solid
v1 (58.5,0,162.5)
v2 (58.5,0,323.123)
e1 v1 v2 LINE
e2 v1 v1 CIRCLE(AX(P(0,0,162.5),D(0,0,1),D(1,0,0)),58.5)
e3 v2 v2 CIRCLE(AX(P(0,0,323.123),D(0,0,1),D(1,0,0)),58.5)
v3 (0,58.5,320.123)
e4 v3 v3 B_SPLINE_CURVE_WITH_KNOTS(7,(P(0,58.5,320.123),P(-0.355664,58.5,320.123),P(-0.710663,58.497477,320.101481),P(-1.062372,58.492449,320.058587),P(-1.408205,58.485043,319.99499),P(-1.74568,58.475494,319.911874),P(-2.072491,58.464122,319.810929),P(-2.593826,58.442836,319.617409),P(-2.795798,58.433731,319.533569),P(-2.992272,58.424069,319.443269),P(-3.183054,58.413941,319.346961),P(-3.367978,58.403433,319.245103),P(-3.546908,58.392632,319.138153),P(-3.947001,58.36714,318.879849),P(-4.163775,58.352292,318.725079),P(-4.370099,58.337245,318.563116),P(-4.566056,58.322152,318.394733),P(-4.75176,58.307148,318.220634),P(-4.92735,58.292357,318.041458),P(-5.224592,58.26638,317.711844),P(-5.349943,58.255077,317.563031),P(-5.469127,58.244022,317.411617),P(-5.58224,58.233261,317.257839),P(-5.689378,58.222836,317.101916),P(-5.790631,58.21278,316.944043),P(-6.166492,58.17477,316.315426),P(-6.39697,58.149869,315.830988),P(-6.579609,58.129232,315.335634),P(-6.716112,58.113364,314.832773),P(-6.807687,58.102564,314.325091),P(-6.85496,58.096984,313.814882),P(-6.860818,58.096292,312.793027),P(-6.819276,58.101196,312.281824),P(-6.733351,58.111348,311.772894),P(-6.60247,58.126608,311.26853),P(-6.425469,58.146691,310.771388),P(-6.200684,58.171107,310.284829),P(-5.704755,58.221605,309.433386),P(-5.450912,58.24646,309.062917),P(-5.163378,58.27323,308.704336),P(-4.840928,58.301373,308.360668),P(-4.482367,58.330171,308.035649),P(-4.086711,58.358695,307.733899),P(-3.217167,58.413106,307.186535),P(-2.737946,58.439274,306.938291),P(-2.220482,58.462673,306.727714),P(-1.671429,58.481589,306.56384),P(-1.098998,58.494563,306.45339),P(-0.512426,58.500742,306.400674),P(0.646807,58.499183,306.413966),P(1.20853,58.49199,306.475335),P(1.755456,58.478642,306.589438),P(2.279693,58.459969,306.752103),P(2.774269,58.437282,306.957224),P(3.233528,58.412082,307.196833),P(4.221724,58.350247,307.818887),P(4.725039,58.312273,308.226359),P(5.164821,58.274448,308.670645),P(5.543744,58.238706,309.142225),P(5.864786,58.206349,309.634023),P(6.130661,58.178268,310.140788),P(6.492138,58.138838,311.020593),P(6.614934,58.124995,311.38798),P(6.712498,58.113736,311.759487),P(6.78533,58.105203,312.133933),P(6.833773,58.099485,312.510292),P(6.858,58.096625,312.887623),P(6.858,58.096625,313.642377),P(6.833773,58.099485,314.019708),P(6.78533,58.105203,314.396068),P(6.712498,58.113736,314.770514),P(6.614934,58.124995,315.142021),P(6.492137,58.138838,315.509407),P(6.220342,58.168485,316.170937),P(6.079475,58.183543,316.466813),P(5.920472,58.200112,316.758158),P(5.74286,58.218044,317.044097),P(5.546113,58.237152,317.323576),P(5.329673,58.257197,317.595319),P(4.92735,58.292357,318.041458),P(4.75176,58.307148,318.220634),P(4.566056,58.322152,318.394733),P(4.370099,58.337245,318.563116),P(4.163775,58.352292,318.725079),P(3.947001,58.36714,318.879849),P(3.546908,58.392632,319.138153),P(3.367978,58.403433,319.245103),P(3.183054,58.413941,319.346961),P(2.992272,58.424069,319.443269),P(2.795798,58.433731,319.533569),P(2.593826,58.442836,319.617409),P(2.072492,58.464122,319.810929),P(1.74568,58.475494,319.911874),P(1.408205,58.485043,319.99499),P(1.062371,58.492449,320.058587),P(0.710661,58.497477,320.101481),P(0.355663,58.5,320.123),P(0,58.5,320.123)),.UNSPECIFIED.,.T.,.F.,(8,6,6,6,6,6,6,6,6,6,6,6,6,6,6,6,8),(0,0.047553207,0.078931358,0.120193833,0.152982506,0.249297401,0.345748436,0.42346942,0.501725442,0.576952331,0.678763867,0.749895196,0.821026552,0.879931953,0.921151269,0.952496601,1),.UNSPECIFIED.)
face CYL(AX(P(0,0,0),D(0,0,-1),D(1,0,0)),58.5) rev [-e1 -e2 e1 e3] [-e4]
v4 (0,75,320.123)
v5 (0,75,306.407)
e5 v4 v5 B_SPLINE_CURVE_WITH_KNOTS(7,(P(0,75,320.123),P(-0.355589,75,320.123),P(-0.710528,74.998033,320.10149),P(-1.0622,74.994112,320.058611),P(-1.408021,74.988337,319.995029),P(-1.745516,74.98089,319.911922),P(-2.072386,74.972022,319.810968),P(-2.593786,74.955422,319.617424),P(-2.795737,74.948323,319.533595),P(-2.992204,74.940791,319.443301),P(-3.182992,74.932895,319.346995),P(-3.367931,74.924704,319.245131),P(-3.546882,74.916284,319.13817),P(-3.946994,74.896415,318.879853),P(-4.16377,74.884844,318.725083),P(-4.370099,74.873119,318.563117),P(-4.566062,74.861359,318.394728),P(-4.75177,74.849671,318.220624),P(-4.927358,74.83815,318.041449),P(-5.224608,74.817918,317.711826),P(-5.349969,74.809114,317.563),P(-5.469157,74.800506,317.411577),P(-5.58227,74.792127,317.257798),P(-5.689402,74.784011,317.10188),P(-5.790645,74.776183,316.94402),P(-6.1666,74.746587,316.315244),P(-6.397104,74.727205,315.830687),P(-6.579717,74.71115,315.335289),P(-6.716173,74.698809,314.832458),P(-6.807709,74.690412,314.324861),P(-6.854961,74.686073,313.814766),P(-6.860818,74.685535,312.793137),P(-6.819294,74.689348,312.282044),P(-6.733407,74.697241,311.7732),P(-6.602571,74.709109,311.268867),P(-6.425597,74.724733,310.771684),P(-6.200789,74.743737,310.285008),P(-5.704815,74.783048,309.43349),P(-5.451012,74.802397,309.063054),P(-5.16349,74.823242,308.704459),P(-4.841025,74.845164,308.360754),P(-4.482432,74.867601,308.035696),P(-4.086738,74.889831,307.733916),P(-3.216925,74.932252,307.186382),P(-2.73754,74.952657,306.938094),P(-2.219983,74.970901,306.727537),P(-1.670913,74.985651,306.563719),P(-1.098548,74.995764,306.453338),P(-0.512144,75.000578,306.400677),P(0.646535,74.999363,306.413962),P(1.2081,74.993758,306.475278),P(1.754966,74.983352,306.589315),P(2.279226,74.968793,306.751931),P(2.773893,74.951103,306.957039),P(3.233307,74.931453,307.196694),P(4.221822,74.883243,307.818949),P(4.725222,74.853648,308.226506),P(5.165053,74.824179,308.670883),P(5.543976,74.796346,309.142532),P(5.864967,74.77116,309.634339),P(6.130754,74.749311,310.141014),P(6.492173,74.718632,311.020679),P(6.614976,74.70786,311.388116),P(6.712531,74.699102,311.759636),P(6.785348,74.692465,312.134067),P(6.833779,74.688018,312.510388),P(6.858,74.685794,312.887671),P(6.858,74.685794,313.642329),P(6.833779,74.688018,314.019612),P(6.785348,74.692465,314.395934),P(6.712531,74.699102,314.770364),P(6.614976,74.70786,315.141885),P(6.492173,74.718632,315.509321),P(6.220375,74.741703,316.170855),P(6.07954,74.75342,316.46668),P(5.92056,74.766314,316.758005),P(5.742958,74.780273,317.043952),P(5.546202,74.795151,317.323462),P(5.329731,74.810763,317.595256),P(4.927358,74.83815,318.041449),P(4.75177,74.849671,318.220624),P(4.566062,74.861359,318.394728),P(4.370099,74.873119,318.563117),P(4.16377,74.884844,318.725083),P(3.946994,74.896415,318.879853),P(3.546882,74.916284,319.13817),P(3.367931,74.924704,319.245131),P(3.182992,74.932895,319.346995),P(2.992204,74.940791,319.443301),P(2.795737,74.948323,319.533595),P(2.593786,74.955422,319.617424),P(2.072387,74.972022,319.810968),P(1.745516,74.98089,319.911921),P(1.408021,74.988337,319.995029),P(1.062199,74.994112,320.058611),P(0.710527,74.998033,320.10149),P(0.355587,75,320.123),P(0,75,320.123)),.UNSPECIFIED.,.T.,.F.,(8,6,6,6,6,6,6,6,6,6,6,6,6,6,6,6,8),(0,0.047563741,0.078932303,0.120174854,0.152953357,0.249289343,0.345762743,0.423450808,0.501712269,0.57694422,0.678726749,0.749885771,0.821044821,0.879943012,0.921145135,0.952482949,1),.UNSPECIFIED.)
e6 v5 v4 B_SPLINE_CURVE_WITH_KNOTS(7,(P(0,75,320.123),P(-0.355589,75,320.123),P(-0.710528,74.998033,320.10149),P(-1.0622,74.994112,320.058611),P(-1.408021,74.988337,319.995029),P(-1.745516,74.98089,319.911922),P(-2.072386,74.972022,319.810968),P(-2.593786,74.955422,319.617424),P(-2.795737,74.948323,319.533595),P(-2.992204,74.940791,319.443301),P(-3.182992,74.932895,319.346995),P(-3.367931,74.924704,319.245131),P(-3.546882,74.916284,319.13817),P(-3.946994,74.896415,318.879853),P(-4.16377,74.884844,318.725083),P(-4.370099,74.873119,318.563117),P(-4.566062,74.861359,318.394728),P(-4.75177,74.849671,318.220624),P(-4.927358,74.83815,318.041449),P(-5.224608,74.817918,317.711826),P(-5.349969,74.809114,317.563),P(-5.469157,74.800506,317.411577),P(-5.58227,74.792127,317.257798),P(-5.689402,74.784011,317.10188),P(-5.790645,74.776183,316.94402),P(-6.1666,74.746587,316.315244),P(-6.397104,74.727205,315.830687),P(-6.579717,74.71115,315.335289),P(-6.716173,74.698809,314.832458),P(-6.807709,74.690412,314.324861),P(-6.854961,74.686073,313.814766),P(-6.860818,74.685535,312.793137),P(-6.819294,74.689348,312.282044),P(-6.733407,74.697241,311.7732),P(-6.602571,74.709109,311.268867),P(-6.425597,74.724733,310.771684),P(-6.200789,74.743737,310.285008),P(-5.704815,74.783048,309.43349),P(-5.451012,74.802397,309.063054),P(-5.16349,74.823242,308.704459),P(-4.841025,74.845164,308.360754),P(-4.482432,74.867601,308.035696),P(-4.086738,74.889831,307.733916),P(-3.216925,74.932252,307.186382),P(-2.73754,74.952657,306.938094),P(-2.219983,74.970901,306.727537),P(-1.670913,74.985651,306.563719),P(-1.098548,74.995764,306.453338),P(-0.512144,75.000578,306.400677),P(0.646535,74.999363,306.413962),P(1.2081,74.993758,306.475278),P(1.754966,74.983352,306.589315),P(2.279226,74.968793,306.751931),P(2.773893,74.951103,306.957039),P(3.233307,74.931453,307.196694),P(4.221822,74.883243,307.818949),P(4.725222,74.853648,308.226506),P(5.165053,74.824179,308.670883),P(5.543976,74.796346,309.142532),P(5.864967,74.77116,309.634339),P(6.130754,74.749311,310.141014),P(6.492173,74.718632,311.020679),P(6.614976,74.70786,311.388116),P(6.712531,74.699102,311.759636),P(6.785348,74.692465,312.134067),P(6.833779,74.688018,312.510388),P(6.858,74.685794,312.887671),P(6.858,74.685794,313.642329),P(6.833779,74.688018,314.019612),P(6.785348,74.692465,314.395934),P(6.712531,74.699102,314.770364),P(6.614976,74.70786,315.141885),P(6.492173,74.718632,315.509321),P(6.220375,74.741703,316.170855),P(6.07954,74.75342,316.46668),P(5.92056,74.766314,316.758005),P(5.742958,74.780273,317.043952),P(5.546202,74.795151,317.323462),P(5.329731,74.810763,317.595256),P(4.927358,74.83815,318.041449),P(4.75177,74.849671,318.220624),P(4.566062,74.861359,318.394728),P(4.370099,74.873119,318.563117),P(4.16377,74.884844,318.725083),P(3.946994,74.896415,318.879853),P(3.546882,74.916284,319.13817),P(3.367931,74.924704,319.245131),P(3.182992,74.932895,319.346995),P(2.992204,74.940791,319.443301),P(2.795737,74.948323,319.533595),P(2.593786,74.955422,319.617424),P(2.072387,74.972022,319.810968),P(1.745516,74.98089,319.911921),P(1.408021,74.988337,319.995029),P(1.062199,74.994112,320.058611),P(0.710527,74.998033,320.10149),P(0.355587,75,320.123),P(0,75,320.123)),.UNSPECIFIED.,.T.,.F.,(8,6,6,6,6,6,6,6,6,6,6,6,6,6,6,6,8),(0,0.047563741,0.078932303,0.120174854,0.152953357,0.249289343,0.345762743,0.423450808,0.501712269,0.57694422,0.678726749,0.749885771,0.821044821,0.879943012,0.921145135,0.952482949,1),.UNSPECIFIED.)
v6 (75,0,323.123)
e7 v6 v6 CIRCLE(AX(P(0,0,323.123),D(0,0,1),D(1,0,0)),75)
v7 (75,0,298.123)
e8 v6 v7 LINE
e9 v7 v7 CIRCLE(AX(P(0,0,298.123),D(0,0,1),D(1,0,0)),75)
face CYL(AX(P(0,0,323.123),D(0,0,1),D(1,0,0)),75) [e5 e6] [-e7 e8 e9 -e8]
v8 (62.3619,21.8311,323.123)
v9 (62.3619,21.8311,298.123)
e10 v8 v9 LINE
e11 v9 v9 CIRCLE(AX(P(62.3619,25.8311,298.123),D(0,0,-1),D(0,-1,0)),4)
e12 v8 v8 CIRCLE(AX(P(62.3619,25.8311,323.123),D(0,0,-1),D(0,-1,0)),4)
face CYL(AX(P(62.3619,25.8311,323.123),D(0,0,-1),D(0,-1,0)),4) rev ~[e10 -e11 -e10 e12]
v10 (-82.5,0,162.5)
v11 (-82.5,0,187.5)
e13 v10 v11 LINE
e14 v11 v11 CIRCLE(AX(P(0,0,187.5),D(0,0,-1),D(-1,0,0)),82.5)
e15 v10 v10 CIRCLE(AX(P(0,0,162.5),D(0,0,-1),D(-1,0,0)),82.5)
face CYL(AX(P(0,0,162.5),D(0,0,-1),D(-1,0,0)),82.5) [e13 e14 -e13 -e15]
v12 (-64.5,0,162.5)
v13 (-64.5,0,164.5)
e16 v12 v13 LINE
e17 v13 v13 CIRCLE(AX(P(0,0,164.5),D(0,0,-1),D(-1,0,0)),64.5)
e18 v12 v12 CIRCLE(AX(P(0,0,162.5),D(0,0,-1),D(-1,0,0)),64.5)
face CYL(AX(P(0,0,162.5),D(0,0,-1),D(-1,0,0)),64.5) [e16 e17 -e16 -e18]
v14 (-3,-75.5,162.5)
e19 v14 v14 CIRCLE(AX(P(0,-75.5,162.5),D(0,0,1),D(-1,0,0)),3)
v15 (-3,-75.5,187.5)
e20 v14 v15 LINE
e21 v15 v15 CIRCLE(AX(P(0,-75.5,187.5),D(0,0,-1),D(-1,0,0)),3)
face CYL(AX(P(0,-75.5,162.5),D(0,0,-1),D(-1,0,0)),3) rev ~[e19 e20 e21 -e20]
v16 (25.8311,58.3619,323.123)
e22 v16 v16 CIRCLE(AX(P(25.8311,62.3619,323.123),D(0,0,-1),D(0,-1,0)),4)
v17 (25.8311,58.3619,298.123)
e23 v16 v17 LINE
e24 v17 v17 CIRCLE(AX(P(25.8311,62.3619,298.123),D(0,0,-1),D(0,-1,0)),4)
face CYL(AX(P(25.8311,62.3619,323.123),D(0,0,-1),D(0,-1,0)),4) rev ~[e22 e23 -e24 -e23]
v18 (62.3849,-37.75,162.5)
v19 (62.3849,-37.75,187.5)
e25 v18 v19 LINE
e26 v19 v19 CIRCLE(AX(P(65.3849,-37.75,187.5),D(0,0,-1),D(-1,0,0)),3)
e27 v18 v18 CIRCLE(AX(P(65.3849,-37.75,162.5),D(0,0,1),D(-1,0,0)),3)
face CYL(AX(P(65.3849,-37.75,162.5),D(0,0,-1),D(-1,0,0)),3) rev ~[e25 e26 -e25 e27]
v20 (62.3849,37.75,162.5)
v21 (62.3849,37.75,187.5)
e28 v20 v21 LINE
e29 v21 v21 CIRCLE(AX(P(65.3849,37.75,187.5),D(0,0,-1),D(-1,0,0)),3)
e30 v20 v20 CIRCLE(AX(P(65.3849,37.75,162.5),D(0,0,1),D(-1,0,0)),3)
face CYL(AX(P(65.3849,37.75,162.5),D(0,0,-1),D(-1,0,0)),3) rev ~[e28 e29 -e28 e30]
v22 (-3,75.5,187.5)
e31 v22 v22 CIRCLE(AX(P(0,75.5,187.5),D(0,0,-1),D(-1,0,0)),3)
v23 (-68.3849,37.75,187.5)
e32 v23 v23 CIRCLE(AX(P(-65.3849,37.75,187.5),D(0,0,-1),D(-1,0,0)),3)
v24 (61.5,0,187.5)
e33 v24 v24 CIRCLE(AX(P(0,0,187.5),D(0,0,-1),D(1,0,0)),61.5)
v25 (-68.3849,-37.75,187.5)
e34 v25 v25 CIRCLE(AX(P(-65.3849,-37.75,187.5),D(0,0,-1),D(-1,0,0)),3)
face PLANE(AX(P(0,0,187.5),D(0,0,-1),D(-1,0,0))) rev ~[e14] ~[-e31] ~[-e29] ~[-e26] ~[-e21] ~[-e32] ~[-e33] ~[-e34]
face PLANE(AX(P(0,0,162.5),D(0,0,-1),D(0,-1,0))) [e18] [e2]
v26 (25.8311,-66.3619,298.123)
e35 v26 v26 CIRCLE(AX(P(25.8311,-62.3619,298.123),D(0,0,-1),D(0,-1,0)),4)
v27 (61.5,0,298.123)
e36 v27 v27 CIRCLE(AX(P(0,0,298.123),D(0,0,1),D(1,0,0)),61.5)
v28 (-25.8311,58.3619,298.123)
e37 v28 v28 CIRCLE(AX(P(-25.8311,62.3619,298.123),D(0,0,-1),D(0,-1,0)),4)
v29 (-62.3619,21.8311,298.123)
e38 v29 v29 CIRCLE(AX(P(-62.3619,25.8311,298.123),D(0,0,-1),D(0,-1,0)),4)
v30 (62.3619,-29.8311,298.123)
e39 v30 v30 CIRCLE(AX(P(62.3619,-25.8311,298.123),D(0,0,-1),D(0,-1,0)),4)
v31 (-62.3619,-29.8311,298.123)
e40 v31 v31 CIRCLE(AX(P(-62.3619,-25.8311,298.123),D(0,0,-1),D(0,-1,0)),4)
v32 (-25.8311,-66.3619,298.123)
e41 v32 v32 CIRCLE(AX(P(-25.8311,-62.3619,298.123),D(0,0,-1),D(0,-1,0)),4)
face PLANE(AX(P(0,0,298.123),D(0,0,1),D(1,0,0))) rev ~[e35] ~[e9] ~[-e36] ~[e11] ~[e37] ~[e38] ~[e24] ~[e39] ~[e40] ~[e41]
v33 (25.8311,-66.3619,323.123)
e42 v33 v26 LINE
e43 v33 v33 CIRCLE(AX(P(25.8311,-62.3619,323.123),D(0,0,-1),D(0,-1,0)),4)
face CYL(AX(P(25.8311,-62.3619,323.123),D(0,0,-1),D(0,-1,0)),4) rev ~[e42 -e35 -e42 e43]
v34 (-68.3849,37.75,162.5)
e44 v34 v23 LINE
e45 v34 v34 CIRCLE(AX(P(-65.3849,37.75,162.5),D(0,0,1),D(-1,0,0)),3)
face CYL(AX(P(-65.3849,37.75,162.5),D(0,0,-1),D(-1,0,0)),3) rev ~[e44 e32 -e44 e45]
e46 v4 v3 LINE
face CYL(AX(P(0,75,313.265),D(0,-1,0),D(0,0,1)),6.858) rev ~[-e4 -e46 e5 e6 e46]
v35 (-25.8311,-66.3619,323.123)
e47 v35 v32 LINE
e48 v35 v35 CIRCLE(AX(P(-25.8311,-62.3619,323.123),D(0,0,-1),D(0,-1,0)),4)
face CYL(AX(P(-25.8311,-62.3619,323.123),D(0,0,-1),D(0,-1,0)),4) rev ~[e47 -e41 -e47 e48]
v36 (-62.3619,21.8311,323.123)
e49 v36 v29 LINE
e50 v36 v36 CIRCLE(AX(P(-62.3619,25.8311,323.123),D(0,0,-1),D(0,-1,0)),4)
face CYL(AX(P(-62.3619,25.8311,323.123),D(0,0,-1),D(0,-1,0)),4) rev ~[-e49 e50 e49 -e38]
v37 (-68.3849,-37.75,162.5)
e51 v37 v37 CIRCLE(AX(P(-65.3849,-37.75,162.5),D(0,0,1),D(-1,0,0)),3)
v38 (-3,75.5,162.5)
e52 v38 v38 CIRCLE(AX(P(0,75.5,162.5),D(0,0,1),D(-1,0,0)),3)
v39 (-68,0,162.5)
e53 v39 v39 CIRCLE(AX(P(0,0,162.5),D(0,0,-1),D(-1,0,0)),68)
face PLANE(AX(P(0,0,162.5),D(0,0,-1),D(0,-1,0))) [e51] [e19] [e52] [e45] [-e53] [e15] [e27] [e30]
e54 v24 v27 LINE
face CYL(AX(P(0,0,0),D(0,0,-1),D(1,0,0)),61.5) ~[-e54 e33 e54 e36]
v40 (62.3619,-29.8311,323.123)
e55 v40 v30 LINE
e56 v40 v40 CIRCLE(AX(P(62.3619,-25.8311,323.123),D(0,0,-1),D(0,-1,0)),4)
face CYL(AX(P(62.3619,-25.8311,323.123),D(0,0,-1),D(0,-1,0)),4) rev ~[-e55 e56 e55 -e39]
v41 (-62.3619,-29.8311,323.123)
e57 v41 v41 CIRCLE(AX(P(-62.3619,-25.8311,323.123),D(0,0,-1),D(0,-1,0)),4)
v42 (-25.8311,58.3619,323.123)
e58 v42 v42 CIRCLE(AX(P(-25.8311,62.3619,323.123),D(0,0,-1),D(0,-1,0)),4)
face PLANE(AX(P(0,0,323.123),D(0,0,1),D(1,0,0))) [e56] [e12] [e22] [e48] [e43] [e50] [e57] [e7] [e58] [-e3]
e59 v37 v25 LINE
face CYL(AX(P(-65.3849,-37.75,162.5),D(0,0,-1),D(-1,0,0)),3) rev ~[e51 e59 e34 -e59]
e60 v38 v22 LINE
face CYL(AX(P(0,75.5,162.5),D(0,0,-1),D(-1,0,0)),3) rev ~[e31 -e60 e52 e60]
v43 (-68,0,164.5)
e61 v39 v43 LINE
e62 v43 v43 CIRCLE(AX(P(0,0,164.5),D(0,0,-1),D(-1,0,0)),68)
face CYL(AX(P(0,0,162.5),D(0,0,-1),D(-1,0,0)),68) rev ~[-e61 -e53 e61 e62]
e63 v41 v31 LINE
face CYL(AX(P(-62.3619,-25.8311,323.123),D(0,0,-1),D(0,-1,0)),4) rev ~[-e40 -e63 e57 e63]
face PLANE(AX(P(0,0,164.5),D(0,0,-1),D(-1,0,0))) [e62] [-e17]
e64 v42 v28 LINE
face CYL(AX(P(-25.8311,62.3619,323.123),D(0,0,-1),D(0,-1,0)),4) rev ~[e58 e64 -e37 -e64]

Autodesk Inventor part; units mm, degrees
ref_plane "YZ Plane" through (0, 0, 0) normal (1, 0, 0) x (0, 1, 0)
ref_plane "XY Plane" through (0, 0, 0) normal (0, 0, 1) x (1, 0, 0)
sketch "Sketch1" plane through (0, 0, 0) normal (0, 0, 1) x (1, 0, 0)
  circle A0 centre (0, 0) radius 58.5
  circle A1 centre (0, 0) radius 61.5
  dimension "d0" = 117
  dimension "d1" = 123
extrude "Extrusion1" add sketch "Sketch1" along normal blind 323.123
ref_plane "Work Plane1" through (0, 61.5, 0) normal (0, 1, 0) x (-1, 0, 0)
sketch "Sketch2" plane through (0, 61.5, 0) normal (0, 1, 0) x (-1, 0, 0)
  line L0 (61.5, 0) -> (-61.5, 0) projected
  line L1 (0, 0) -> (0, 4)
  line L2 (0, 4) -> (0, 8.666)
  circle A0 centre (0, 15.524) radius 6.858
  circle A1 centre (0, 15.524) radius 7.858
  dimension "d6" = 4
  dimension "d7" = 4.666
  dimension "d8" = 13.716
  dimension "d9" = 6.858
  dimension "d33" = 15.716
extrude "Extrusion2" cut sketch "Sketch2" against normal blind 23 contours A0
thread "Thread2" size "M14x1.25" class "6H" standard "ANSI Metric M Profile" full length
sketch "Sketch4" plane through (0, 61.5, 0) normal (0, 1, 0) x (-1, 0, 0)
  point P0 (0, 0)
sketch "Sketch5" plane through (0, 61.5, 0) normal (0, 1, 0) x (-1, 0, 0)
  line L0 (0, 0) -> (0, 76) construction
  circle A0 centre (0, 76) radius 4
  dimension "d21" = 76
  dimension "d22" = 8
extrude "Extrusion4" cut sketch "Sketch5" against normal through all
thread "Thread3" size "M8x1.25" class "6H" standard "ANSI Metric M Profile" full length
thread "Thread4" size "M8x1.25" class "6H" standard "ANSI Metric M Profile" full length
sketch "Sketch6" plane through (0, 0, 323.123) normal (0, 0, 1) x (1, 0, 0)
  circle A0 centre (0, 0) radius 75
  circle A1 centre (0, 0) radius 61.5
  dimension "d29" = 150
  dimension "d30" = 123
extrude "Extrusion5" add sketch "Sketch6" against normal blind 25
extrude "Extrusion6" add sketch "Sketch2" along normal blind 10
ref_plane "Work Plane2" through (0, 0, 162.5) normal (0, 0, -1) x (-1, 0, 0)
sketch "Sketch7" plane through (0, 0, 162.5) normal (0, 0, -1) x (-1, 0, 0)
  circle A0 centre (0, 0) radius 82.5
  circle A1 centre (0, 0) radius 58.5 projected
  circle A2 centre (0, 0) radius 65.45
  circle A3 centre (0, 0) radius 75.5
  circle A4 centre (0, 75.5) radius 3
  circle A5 centre (-65.3849, 37.75) radius 3
  circle A6 centre (-65.3849, -37.75) radius 3
  circle A7 centre (0, -75.5) radius 3
  circle A8 centre (65.3849, -37.75) radius 3
  circle A9 centre (65.3849, 37.75) radius 3
  dimension "d77" = 151
  dimension "d40" = 165
  dimension "d78" = 6
  dimension "d81" = 360
split "Split3" plane through (0, 0, 162.5) removes the side toward (0, 0, -1)
sketch "Sketch8" plane through (0, 0, 323.123) normal (0, 0, 1) x (1, 0, 0)
  line L0 (0, 0) -> (0, 98.0779) construction
  line L1 (0, 0) -> (25.8311, 62.3619) construction
  circle A0 centre (25.8311, 62.3619) radius 4
  line L2 (0, 0) -> (62.3619, 25.8311) construction
  circle A1 centre (62.3619, 25.8311) radius 4
  line L3 (0, 0) -> (62.3619, -25.8311) construction
  circle A2 centre (62.3619, -25.8311) radius 4
  line L4 (0, 0) -> (25.8311, -62.3619) construction
  circle A3 centre (25.8311, -62.3619) radius 4
  line L5 (0, 0) -> (-25.8311, -62.3619) construction
  circle A4 centre (-25.8311, -62.3619) radius 4
  line L6 (0, 0) -> (-62.3619, -25.8311) construction
  circle A5 centre (-62.3619, -25.8311) radius 4
  line L7 (0, 0) -> (-62.3619, 25.8311) construction
  circle A6 centre (-62.3619, 25.8311) radius 4
  line L8 (0, 0) -> (-25.8311, 62.3619) construction
  circle A7 centre (-25.8311, 62.3619) radius 4
  dimension "d49" = 22.5
  dimension "d50" = 67.5
  dimension "d51" = 8
  dimension "d54" = 360
hole "Hole1" at (25.8311, 62.3619, 323.123) at (-25.8311, 62.3619, 323.123) at (-62.3619, 25.8311, 323.123) at (-62.3619, -25.8311, 323.123) at (62.3619, 25.8311, 323.123) at (62.3619, -25.8311, 323.123) at (25.8311, -62.3619, 323.123) at (-25.8311, -62.3619, 323.123) direction (0, 0, -1) diameter 8 depth 25
extrude "Extrusion12" add sketch "Sketch7" against normal blind 25 contours A0 | A2 | A3 A8 A7 A6 A5 A4 A9
sketch "Sketch10" plane through (0, 0, 162.5) normal (0, 0, -1) x (-1, 0, 0)
  circle A0 centre (0, 0) radius 64.5
  circle A1 centre (0, 0) radius 68
  dimension "d85" = 129
  dimension "d86" = 136
extrude "Extrusion13" cut sketch "Sketch10" against normal blind 2
ref_plane "Work Plane3" through (0, 75, 0) normal (0, 1, 0) x (-1, 0, 0)
sketch "Sketch11" plane through (0, 75, 0) normal (0, 1, 0) x (-1, 0, 0)
  line L0 (-58.5, 323.123) -> (58.5, 323.123) projected
  line L1 (0, 323.123) -> (0, 320.123)
  line L2 (0, 320.123) -> (0, 313.265)
  circle A0 centre (0, 313.265) radius 6.858
  point P0 (0, 0)
  dimension "d90" = 3
  dimension "d91" = 6.858
  dimension "d92" = 13.716
hole "Hole3" at (0, 75, 313.265) direction (0, -1, 0) diameter 13.716 depth 30 tip angle 118
properties part number "aluminium outer wall - front" material "Aluminum 6061"
